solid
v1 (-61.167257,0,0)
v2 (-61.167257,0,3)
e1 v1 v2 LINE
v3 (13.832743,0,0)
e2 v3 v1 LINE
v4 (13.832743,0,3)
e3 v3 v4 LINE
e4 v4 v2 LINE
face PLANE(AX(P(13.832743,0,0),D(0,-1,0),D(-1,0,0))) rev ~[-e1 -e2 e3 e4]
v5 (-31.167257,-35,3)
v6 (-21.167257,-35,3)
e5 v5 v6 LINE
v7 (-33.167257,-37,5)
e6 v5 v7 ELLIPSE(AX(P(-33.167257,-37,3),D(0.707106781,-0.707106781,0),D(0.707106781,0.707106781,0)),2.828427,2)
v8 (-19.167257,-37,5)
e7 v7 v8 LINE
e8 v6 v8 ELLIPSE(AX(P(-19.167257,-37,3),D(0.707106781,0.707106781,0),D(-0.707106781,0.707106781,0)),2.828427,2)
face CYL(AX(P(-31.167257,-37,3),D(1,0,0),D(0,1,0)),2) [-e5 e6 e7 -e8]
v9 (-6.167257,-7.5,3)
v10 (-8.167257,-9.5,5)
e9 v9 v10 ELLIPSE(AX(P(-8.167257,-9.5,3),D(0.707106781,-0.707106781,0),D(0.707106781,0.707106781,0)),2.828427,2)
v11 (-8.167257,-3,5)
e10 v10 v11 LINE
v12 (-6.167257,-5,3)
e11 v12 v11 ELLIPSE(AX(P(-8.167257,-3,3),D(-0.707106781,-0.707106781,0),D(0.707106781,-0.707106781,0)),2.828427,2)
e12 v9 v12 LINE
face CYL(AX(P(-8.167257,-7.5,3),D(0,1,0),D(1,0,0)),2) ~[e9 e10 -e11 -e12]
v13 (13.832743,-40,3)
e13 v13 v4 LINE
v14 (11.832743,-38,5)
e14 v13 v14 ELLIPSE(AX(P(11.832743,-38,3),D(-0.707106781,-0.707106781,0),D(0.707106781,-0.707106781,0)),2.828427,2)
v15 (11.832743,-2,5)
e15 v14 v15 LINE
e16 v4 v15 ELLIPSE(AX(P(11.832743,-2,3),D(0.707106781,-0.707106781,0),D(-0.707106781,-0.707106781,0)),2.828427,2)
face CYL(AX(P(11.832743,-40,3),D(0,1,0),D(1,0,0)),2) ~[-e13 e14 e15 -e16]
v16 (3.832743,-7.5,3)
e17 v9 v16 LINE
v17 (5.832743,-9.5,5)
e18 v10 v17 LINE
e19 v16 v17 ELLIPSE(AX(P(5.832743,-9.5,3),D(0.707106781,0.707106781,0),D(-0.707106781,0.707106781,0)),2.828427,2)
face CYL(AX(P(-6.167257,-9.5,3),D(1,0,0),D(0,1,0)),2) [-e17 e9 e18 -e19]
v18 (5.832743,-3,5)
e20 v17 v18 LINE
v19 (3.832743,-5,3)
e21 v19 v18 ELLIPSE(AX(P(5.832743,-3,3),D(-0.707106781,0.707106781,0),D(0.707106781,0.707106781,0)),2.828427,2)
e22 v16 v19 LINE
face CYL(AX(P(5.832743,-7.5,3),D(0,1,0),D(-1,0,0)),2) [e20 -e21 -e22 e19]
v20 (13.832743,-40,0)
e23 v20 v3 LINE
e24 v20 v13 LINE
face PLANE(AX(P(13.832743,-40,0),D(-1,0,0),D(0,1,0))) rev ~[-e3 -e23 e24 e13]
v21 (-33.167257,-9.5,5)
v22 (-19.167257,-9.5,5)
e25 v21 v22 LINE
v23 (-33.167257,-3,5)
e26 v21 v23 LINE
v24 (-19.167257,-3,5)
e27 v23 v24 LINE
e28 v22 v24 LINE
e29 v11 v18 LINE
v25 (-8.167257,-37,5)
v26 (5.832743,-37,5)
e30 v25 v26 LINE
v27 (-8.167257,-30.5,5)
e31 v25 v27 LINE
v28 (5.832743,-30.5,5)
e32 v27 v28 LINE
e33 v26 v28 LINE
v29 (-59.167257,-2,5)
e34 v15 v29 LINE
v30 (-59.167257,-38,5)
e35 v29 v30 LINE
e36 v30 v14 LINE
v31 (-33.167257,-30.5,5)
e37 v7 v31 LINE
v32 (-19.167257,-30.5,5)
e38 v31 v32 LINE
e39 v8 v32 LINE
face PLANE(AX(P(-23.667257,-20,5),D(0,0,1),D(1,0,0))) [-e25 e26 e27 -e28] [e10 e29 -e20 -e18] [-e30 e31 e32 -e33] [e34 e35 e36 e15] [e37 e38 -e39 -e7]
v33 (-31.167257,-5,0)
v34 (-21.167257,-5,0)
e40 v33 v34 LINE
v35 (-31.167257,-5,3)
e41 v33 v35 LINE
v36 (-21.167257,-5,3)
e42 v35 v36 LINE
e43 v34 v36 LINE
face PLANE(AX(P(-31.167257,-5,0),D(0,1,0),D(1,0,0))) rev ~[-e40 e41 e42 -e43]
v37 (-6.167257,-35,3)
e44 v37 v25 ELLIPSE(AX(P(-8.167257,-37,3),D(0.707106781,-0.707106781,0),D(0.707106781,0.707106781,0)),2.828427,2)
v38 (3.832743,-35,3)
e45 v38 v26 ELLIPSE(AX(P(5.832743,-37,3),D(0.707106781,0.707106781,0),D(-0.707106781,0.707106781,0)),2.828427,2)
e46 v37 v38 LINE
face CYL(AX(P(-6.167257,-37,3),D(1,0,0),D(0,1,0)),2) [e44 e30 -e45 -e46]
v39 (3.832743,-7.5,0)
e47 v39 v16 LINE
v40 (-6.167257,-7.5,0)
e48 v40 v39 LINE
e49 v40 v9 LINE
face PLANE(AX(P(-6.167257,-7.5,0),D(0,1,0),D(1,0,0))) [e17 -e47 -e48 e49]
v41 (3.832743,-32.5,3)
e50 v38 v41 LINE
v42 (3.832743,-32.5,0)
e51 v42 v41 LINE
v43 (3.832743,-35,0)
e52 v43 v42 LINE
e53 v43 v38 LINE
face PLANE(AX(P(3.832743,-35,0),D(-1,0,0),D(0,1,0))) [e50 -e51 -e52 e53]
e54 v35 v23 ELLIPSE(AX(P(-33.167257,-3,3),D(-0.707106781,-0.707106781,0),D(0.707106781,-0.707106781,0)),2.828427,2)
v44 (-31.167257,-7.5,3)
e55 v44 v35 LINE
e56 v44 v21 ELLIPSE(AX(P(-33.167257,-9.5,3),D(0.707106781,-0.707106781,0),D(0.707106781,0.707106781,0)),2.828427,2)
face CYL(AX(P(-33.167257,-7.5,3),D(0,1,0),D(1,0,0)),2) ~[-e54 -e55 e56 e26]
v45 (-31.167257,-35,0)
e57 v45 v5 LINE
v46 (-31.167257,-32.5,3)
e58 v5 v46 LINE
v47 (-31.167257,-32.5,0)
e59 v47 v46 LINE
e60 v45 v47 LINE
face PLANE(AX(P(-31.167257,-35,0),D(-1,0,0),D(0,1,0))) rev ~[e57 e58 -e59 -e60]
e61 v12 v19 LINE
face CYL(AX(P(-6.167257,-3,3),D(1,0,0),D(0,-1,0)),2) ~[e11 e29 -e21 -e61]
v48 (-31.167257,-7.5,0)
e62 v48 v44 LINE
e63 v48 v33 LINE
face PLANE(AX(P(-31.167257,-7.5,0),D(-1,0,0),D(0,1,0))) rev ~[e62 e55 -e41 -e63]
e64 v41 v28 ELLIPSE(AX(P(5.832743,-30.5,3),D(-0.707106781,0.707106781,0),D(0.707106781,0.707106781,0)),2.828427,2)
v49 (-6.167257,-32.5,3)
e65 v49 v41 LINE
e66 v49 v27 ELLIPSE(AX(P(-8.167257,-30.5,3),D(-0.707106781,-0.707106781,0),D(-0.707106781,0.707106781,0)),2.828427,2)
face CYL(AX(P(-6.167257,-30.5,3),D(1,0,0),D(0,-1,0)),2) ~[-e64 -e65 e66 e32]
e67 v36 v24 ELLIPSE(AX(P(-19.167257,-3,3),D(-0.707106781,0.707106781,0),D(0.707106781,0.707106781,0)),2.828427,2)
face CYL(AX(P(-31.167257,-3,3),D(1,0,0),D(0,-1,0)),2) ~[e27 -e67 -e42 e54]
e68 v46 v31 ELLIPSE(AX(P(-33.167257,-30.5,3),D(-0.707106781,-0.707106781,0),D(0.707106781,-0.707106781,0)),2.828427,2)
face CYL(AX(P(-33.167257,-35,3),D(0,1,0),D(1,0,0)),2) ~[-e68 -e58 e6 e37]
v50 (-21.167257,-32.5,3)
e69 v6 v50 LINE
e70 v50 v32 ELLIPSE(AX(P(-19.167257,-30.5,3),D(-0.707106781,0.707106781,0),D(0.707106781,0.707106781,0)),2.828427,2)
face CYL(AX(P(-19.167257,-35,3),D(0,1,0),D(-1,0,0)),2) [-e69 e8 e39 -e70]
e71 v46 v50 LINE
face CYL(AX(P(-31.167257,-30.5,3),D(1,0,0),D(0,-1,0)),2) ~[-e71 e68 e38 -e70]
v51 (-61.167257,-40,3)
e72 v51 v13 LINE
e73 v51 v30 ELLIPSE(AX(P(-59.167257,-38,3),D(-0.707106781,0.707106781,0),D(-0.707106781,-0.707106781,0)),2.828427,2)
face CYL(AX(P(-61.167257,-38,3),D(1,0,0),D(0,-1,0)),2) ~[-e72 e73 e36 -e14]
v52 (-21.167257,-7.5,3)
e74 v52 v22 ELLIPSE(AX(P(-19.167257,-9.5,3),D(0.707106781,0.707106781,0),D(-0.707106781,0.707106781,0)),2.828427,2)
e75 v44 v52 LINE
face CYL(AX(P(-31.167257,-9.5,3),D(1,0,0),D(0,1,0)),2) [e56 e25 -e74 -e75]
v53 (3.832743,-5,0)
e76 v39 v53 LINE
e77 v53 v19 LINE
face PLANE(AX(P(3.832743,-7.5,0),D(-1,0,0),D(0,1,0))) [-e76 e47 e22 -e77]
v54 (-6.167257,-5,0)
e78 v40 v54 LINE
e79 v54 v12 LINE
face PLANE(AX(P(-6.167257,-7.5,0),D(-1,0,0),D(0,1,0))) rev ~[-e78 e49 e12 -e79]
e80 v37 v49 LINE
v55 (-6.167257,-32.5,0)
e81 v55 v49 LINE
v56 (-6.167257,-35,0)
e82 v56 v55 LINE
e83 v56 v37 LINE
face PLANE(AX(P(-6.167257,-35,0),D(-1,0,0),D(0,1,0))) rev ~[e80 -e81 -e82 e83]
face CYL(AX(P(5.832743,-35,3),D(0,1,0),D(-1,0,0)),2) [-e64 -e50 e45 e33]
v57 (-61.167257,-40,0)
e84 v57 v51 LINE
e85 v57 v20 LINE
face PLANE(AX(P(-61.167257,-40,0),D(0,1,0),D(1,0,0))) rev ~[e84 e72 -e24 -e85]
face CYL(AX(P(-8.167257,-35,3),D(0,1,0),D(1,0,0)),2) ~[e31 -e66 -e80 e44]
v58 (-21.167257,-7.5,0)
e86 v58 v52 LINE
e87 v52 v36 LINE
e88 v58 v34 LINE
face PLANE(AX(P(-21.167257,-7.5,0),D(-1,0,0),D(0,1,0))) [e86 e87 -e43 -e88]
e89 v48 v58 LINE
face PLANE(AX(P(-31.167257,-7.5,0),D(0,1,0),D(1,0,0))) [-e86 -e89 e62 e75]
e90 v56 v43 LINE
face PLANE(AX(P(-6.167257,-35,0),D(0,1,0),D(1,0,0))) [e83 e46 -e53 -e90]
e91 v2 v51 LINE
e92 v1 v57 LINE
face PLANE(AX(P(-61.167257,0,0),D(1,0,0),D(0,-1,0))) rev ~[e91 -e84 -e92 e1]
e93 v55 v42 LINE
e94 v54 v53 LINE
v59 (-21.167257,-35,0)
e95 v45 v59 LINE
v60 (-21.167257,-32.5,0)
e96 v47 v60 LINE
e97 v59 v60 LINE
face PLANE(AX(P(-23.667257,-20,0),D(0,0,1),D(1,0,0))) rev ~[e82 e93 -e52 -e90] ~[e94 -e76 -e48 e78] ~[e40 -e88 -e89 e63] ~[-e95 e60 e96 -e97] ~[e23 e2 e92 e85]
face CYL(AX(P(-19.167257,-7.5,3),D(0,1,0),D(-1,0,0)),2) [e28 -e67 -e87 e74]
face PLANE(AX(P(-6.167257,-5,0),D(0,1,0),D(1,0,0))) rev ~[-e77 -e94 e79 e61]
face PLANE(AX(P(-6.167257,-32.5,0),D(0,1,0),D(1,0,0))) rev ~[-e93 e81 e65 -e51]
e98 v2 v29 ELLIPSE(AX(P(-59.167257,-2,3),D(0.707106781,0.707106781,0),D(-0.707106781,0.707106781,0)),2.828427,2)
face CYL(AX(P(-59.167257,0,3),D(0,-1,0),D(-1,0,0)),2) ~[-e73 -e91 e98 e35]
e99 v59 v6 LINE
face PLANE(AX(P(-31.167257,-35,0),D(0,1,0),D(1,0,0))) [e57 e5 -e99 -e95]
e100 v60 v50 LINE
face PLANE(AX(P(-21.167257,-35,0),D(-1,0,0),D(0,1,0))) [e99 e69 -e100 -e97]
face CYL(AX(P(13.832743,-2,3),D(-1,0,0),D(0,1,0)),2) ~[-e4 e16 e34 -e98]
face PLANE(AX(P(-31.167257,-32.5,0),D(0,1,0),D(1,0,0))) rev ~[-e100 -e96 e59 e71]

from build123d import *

# Parameters (mm, degrees)
F0_W     = 10
F0_H     = 2.5
F1_DEPTH = 5
F2_R     = 2


with BuildPart() as f1:
    # F0 (on Top) → F1 (new body)
    with BuildSketch(Plane.XY):
        Polygon((13.832743, 0), (-61.167257, 0), (-61.167257, -40), (13.832743, -40), (13.832743, -32.5), (13.832743, -7.5), align=None)
        with Locations((-26.167257, -33.75)):
            Rectangle(F0_W, F0_H, mode=Mode.SUBTRACT)
        with Locations((-1.167257, -33.75)):
            Rectangle(F0_W, F0_H, mode=Mode.SUBTRACT)
        with Locations((-26.167257, -6.25)):
            Rectangle(F0_W, F0_H, mode=Mode.SUBTRACT)
        with Locations((-1.167257, -6.25)):
            Rectangle(F0_W, F0_H, mode=Mode.SUBTRACT)
    extrude(amount=F1_DEPTH)

    # F2
    f2_edges = [f1.edges().sort_by_distance(p)[0] for p in [
        (-1.167257, -5, 5),
        (3.832743, -6.25, 5),
        (-1.167257, -7.5, 5),
        (-6.167257, -6.25, 5),
        (-21.167257, -6.25, 5),
        (-26.167257, -5, 5),
        (-26.167257, -7.5, 5),
        (-23.667257, 0, 5),
        (-61.167257, -20, 5),
        (-23.667257, -40, 5),
        (13.832743, -20, 5),
        (-26.167257, -32.5, 5),
        (-21.167257, -33.75, 5),
        (-26.167257, -35, 5),
        (-31.167257, -33.75, 5),
        (-6.167257, -33.75, 5),
        (-1.167257, -32.5, 5),
        (3.832743, -33.75, 5),
        (-1.167257, -35, 5),
        (-31.167257, -6.25, 5),
    ]]
    fillet(f2_edges, radius=F2_R)


solid = f1.part
